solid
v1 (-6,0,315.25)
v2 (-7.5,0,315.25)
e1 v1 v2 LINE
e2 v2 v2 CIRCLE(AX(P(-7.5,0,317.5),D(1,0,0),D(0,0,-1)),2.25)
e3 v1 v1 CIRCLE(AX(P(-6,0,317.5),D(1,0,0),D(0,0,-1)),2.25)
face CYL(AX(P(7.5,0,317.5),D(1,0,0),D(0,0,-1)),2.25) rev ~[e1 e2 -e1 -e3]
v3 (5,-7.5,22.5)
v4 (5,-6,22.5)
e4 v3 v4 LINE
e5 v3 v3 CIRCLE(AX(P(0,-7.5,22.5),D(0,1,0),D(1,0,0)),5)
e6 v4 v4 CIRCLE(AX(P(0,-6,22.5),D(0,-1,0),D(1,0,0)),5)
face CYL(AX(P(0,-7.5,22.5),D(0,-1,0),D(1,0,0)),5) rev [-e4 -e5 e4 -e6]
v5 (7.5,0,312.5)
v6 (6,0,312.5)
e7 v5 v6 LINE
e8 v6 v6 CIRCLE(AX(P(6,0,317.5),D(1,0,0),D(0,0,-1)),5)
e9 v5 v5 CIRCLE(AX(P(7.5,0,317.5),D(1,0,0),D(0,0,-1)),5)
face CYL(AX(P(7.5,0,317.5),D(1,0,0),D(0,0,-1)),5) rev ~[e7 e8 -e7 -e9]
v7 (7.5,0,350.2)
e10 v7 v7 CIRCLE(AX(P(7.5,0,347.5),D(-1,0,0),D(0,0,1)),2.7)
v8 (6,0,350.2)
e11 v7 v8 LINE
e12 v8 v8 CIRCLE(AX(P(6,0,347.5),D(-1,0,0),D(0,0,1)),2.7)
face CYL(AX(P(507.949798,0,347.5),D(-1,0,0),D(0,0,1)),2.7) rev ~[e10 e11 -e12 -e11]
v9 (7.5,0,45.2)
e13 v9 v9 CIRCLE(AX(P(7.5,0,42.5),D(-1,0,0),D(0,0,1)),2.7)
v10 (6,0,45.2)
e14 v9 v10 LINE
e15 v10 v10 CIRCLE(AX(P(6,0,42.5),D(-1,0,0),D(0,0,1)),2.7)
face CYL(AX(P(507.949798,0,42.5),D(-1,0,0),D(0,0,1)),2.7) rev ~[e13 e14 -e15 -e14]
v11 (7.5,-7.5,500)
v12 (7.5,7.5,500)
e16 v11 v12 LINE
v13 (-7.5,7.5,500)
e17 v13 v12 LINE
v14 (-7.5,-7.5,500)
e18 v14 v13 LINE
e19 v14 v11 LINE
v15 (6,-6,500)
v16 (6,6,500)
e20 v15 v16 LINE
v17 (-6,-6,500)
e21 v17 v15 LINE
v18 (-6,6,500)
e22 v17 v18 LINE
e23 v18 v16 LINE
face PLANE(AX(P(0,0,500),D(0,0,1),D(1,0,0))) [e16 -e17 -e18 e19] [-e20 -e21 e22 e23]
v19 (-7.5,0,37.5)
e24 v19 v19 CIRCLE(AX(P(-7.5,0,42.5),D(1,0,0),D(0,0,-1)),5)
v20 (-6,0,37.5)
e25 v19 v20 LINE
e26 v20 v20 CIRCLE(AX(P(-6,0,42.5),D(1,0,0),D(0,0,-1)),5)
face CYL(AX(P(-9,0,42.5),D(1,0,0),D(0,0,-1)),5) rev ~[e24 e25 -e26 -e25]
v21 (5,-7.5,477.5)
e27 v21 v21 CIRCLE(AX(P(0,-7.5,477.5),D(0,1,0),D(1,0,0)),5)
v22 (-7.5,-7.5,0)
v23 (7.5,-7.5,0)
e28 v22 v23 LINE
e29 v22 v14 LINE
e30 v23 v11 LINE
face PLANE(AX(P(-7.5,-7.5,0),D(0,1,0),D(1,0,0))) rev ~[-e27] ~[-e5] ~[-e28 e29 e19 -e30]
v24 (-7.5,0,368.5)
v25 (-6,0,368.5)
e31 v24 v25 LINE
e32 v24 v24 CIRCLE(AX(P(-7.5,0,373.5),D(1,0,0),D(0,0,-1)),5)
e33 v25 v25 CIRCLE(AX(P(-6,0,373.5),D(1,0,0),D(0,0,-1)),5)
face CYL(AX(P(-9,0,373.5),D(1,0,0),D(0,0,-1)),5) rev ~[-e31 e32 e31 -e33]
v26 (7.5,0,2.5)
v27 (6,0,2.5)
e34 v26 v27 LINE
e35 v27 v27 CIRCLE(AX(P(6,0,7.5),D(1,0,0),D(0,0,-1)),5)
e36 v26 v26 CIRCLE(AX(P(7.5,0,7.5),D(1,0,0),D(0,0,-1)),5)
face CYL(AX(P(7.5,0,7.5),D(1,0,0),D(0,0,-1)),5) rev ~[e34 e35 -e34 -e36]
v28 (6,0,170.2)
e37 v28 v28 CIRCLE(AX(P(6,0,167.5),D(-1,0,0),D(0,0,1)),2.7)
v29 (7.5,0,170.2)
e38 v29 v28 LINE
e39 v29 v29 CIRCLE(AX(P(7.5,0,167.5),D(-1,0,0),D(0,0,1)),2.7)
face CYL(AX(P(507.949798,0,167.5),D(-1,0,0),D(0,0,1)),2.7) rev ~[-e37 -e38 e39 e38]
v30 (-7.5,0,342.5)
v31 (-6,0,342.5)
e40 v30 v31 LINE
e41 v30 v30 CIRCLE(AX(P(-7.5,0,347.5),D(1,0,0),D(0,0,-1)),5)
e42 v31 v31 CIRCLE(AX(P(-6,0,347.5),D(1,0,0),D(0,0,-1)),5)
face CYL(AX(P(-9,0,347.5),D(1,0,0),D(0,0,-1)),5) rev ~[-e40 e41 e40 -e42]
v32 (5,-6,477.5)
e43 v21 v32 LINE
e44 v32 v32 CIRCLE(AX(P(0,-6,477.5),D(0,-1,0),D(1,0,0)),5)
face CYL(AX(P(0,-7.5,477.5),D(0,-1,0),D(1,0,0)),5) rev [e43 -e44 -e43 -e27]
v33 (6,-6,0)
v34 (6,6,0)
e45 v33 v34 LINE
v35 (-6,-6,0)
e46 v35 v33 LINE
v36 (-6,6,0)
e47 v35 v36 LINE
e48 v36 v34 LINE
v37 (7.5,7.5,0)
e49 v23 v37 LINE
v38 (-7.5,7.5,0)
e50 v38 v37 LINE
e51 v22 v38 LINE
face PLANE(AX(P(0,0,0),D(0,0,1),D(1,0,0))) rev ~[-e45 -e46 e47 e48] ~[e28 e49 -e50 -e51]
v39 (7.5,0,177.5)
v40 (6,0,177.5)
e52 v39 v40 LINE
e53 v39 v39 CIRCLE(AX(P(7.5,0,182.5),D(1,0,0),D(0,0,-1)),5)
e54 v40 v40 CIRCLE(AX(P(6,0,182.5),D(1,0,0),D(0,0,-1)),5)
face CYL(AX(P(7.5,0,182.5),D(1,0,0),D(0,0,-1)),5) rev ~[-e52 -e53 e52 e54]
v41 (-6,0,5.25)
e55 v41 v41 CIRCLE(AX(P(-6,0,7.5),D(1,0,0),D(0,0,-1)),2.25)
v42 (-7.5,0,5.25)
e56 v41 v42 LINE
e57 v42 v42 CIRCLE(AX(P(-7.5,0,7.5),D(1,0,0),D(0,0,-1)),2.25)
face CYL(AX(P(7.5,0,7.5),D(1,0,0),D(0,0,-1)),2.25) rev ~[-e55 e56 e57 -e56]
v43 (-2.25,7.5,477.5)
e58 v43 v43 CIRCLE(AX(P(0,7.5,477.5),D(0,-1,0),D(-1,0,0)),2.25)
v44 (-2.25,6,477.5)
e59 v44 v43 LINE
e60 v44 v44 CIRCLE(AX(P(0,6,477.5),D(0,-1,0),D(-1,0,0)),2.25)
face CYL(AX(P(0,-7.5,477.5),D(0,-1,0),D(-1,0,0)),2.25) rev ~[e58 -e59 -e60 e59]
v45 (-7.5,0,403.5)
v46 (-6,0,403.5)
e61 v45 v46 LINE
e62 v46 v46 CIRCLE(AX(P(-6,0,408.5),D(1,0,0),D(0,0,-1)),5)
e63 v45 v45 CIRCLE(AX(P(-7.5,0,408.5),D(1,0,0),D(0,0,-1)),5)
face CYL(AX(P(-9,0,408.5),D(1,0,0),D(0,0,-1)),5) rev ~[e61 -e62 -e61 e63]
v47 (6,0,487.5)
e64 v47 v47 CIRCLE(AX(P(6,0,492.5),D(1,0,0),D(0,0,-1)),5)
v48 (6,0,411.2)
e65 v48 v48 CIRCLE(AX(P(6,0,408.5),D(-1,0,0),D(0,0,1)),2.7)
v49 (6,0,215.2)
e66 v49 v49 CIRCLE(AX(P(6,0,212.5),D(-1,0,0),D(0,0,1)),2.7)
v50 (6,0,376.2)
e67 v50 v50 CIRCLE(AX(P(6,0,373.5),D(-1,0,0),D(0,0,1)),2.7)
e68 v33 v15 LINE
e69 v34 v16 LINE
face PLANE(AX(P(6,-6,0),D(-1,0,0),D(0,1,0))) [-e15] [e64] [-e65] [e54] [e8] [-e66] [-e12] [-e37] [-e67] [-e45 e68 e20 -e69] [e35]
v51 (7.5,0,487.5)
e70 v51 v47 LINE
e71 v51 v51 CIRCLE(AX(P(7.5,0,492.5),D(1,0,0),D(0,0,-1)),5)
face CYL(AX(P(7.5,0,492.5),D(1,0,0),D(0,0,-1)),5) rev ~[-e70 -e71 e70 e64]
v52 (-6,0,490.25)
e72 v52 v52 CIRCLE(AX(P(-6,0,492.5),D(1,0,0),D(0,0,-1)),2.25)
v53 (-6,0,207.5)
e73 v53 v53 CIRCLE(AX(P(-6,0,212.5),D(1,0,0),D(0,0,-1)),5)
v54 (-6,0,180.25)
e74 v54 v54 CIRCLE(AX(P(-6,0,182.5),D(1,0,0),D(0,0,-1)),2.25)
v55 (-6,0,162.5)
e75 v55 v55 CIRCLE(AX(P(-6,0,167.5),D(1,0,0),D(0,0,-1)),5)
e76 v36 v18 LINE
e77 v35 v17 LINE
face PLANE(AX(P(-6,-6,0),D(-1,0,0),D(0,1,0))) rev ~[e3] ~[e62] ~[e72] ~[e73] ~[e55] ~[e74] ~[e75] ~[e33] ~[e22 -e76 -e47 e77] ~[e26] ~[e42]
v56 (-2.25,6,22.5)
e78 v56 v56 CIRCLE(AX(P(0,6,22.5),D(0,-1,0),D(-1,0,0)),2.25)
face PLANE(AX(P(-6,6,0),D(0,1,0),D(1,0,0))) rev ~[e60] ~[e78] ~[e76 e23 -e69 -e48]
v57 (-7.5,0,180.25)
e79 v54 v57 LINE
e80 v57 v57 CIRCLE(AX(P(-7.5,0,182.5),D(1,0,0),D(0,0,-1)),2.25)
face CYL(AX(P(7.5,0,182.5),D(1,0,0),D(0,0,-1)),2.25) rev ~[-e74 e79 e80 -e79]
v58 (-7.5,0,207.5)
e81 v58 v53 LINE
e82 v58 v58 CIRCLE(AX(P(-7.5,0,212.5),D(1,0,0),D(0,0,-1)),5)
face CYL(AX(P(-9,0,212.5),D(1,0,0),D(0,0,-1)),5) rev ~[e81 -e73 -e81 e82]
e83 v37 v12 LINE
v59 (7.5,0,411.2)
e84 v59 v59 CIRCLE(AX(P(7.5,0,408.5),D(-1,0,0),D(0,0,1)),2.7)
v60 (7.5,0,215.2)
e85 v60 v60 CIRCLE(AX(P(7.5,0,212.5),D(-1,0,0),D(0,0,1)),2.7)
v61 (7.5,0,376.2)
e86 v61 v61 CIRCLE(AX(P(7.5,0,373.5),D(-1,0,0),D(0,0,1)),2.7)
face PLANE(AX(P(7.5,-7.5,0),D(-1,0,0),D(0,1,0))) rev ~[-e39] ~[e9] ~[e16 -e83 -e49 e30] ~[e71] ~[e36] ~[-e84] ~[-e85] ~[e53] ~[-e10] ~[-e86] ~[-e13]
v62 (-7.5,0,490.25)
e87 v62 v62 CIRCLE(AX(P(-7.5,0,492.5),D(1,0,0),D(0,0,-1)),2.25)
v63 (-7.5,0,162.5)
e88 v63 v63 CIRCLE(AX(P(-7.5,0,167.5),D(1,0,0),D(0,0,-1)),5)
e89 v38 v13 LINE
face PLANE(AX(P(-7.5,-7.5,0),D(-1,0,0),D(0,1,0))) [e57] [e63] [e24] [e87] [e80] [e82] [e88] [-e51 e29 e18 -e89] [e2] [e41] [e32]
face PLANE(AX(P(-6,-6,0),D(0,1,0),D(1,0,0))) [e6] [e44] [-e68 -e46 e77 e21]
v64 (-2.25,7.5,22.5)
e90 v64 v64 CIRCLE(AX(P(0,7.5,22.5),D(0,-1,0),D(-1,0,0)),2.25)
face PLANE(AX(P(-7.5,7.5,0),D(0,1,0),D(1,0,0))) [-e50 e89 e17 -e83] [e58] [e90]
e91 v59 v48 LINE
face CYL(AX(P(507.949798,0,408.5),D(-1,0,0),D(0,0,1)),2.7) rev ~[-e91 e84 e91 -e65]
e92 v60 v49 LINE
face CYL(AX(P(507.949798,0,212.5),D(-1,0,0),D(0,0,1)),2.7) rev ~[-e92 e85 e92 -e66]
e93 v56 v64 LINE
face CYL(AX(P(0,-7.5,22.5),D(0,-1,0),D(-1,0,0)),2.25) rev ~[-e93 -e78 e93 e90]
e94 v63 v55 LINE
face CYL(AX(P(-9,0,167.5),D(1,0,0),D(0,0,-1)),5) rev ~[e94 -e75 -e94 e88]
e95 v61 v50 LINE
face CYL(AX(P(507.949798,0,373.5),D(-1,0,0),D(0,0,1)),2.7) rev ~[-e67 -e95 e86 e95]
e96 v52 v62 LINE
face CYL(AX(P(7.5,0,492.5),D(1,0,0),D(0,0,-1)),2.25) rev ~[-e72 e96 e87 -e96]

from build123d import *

# Parameters (mm, degrees)
SKETCH_1_W                  = 15
SKETCH_1_H                  = 15
SKETCH_1_W_2                = 12
SKETCH_1_H_2                = 12
EXTRUDE_1_DEPTH             = 500
SKETCH_2_R                  = 2.25
CUT_EXTRUDE_1_DEPTH         = 25
SKETCH_4_R                  = 2.25
CUT_EXTRUDE_3_DEPTH         = 20
SKETCH_5_R                  = 5
CUT_EXTRUDE_4_DEPTH         = 3.3
SKETCH_6_R                  = 5
CUT_EXTRUDE_5_DEPTH         = 3.3
HOLE_WIZARD_5_4_5_4_1_D     = 5.4
HOLE_WIZARD_10_0_10_1_D     = 10
HOLE_WIZARD_10_0_10_1_DEPTH = 1.5
HOLE_WIZARD_10_0_10_1_TIP   = 3.004303095


with BuildPart() as part:
    # ｽｹｯﾁ1 → ﾎﾞｽ - 押し出し1 (new body)
    with BuildSketch(Plane.XY):
        Rectangle(SKETCH_1_W, SKETCH_1_H)
        Rectangle(SKETCH_1_W_2, SKETCH_1_H_2, mode=Mode.SUBTRACT)
    extrude(amount=EXTRUDE_1_DEPTH)

    # ｽｹｯﾁ2 → ｶｯﾄ - 押し出し1 (cut)
    with BuildSketch(Plane(origin=(7.5, 0, 0), x_dir=(0, 0, -1), z_dir=(1, 0, 0))):
        with Locations((-492.5, 0)):
            Circle(SKETCH_2_R)
        with Locations((-7.5, 0)):
            Circle(SKETCH_2_R)
        with Locations((-317.5, 0)):
            Circle(SKETCH_2_R)
        with Locations((-182.5, 0)):
            Circle(SKETCH_2_R)
    extrude(amount=-CUT_EXTRUDE_1_DEPTH, mode=Mode.SUBTRACT)

    # ｽｹｯﾁ4 → ｶｯﾄ - 押し出し3 (cut)
    with BuildSketch(Plane(origin=(0, -7.5, 0), x_dir=(-1, 0, 0), z_dir=(0, -1, 0))):
        with Locations((0, -22.5)):
            Circle(SKETCH_4_R)
        with Locations((0, -477.5)):
            Circle(SKETCH_4_R)
    extrude(amount=-CUT_EXTRUDE_3_DEPTH, mode=Mode.SUBTRACT)

    # ｽｹｯﾁ5 → ｶｯﾄ - 押し出し4 (cut)
    with BuildSketch(Plane(origin=(7.5, 0, 0), x_dir=(0, 0, -1), z_dir=(1, 0, 0))):
        with Locations((-492.5, 0)):
            Circle(SKETCH_5_R)
        with Locations((-7.5, 0)):
            Circle(SKETCH_5_R)
        with Locations((-182.5, 0)):
            Circle(SKETCH_5_R)
        with Locations((-317.5, 0)):
            Circle(SKETCH_5_R)
    extrude(amount=-CUT_EXTRUDE_4_DEPTH, mode=Mode.SUBTRACT)

    # ｽｹｯﾁ6 → ｶｯﾄ - 押し出し5 (cut)
    with BuildSketch(Plane(origin=(0, -7.5, 0), x_dir=(1, 0, 0), z_dir=(0, 1, 0))):
        with Locations((0, -22.5)):
            Circle(SKETCH_6_R)
        with Locations((0, -477.5)):
            Circle(SKETCH_6_R)
    extrude(amount=CUT_EXTRUDE_5_DEPTH, mode=Mode.SUBTRACT)

    # Ø5.4 (5.4) 直径の穴1 (through all)
    with Locations(Plane(origin=(7.5, 0, 0), x_dir=(0, 0, -1), z_dir=(1, 0, 0))):
        with Locations((-347.5, 0), (-212.5, 0), (-167.5, 0), (-42.5, 0), (-373.5, 0), (-408.5, 0)):
            Hole(HOLE_WIZARD_5_4_5_4_1_D / 2)

    # Ø10.0 (10) 直径の穴1
    with Locations(Plane.ZY.offset(7.5)):
        with Locations((347.5, 0), (212.5, 0), (167.5, 0), (42.5, 0), (373.5, 0), (408.5, 0)):
            Hole(HOLE_WIZARD_10_0_10_1_D / 2, depth=HOLE_WIZARD_10_0_10_1_DEPTH)
            with Locations((0, 0, -(HOLE_WIZARD_10_0_10_1_DEPTH + HOLE_WIZARD_10_0_10_1_TIP / 2))):  # 118° drill point
                Cone(0, HOLE_WIZARD_10_0_10_1_D / 2, HOLE_WIZARD_10_0_10_1_TIP, mode=Mode.SUBTRACT)


solid = part.part
